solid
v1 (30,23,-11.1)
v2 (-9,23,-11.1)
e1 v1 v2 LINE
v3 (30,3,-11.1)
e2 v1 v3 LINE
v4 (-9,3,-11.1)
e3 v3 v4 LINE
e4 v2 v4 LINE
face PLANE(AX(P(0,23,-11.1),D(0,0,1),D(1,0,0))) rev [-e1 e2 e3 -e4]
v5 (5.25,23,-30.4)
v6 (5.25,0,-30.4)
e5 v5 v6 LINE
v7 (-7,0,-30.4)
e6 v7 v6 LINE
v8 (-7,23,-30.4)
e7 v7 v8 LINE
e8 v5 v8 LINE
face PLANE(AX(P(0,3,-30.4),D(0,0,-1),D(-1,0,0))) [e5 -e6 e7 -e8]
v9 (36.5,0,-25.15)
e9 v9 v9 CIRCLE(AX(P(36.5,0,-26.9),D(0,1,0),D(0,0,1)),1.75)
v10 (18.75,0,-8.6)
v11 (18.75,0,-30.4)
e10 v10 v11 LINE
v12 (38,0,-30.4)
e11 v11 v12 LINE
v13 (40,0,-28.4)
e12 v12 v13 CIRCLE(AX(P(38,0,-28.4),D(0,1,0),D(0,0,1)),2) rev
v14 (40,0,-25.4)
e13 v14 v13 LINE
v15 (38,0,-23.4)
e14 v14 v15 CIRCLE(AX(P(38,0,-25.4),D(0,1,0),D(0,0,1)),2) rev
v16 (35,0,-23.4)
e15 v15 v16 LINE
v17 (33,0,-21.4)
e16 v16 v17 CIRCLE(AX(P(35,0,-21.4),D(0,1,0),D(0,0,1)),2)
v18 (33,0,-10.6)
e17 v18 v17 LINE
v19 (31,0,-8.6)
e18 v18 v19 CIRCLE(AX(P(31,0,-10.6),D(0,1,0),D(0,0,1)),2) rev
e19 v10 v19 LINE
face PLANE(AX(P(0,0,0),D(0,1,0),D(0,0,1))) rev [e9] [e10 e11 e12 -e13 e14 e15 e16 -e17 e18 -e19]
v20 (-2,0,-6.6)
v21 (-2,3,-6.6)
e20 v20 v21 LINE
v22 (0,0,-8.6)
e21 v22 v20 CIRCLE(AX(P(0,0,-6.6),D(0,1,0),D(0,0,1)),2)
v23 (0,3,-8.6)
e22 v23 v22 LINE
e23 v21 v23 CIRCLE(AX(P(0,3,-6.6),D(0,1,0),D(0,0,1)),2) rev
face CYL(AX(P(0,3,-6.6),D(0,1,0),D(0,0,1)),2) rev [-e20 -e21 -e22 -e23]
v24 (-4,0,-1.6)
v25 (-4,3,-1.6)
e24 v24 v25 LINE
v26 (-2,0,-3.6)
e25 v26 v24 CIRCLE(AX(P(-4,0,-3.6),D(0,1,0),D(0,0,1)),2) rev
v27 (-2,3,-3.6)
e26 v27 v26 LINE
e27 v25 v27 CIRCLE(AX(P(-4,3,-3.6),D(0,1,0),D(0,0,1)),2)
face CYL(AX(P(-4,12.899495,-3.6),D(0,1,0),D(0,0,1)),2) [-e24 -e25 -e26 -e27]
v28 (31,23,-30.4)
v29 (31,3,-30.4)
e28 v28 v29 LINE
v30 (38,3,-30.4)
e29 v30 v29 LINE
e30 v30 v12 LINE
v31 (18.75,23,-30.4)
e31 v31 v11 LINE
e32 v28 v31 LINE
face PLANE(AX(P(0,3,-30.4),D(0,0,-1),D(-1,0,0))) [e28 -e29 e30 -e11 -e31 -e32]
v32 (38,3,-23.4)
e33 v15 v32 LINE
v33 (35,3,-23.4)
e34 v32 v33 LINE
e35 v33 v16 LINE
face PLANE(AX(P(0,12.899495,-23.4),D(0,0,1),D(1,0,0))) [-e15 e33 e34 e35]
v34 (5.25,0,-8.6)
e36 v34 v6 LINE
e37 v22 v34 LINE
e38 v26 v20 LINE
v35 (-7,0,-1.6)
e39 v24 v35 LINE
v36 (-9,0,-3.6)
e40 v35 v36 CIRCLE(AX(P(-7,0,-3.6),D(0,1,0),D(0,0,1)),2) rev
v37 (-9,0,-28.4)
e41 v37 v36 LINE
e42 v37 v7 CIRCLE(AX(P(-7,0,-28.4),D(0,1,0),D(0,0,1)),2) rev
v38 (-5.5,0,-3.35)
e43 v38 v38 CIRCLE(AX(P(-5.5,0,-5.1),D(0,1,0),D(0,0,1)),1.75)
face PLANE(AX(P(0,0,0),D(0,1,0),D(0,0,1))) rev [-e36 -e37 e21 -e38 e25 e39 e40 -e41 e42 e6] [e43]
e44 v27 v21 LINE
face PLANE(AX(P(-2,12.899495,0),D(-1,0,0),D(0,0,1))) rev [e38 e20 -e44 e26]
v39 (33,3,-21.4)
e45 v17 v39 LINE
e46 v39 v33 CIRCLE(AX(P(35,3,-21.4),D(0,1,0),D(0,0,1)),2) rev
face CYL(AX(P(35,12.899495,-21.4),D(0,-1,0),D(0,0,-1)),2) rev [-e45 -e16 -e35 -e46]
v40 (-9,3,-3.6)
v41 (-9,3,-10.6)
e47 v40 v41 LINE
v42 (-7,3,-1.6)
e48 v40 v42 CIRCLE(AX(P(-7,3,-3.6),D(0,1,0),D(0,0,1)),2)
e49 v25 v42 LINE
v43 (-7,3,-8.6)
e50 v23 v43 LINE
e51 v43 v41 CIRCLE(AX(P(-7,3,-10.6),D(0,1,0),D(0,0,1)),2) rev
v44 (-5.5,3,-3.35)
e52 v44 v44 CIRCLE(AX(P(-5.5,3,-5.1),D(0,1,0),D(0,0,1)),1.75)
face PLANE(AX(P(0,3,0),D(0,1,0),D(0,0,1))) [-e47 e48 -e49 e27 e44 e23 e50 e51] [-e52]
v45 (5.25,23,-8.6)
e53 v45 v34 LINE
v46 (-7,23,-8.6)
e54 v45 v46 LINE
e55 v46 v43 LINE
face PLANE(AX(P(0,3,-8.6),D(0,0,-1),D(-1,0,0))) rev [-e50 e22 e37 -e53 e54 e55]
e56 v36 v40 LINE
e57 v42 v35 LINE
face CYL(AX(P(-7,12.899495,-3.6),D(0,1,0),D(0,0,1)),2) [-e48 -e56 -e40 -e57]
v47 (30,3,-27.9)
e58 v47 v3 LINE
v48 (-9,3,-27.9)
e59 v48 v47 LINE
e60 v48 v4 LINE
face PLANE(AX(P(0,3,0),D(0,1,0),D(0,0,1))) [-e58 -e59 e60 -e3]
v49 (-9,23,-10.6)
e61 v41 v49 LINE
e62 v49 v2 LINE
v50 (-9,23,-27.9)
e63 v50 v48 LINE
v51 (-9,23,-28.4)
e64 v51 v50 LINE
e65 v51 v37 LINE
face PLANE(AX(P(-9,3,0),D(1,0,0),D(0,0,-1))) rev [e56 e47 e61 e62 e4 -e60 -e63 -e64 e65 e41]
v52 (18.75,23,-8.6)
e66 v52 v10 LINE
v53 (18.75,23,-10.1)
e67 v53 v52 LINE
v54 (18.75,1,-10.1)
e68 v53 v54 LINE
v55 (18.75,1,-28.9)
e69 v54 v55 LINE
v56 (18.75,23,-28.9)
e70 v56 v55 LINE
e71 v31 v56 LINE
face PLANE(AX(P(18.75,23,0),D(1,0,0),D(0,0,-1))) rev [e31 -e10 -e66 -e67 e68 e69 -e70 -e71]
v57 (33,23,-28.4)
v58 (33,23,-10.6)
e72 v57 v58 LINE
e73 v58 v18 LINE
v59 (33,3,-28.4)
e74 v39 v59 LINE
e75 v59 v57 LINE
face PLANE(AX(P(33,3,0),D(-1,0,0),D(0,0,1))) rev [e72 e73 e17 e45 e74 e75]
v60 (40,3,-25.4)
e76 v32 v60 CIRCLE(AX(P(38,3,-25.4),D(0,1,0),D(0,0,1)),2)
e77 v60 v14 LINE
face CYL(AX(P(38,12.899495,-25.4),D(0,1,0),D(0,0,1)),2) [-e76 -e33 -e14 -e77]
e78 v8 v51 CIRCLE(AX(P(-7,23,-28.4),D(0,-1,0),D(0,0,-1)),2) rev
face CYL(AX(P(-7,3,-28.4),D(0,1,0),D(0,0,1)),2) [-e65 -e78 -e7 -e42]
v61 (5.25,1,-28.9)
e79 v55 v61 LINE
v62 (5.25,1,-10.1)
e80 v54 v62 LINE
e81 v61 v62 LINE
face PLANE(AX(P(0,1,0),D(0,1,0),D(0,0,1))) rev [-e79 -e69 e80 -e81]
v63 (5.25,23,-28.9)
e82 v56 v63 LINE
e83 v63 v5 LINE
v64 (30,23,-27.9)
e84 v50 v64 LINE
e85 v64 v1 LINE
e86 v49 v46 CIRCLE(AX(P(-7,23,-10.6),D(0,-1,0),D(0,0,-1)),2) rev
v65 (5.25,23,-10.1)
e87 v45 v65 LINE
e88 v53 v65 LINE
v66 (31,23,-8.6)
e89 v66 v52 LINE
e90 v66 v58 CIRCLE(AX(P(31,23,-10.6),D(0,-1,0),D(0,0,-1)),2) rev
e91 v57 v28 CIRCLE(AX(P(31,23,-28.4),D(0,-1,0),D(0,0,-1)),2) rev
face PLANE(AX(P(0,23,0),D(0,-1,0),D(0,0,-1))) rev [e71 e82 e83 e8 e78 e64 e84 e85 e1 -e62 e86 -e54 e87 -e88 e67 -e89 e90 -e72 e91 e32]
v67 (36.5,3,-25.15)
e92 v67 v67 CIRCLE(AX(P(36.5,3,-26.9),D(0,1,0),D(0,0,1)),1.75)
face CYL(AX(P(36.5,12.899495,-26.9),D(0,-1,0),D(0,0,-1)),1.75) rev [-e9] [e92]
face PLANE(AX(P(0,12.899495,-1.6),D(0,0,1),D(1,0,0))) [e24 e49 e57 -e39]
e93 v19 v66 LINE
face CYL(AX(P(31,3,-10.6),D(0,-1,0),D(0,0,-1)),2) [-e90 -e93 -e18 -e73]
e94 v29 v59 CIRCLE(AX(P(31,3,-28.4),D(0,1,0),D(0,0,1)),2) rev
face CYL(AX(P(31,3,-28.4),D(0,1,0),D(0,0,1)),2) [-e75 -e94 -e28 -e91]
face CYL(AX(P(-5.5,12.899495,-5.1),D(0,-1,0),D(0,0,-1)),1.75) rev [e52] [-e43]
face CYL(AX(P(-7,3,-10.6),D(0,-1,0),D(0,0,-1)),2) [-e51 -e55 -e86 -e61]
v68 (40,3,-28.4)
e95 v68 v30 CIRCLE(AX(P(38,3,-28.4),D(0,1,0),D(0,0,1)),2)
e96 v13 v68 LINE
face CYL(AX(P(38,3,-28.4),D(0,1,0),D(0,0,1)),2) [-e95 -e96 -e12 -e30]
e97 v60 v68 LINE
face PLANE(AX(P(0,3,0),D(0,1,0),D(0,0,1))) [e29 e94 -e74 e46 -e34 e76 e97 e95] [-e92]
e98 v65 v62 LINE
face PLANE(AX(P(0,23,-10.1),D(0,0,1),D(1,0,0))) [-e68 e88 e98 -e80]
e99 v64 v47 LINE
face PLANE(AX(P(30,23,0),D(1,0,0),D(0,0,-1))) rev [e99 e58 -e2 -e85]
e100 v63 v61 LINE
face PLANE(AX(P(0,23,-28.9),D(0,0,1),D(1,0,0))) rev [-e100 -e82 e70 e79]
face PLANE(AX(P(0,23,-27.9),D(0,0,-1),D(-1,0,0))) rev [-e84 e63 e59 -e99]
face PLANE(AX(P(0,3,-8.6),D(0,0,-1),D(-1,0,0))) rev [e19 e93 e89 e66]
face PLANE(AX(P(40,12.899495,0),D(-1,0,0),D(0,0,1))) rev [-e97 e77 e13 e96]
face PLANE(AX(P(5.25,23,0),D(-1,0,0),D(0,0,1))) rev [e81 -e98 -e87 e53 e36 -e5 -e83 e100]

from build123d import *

# Parameters (mm, degrees)
SKETCH1_W               = 3.5
SKETCH1_H               = 1
SKETCH1_H_2             = 1.5
SKETCH1_W_2             = 13.5
SKETCH1_W_3             = 11.25
SKETCH1_H_3             = 16.8
BOSS_EXTRUDE1_DEPTH     = 3
BOSS_EXTRUDE2_START     = 3
SKETCH1_5_W             = 3.5
SKETCH1_5_H             = 1
SKETCH1_5_H_2           = 1.5
SKETCH1_5_W_2           = 13.5
BOSS_EXTRUDE2_DEPTH     = 20
SKETCH1_7_W             = 13.5
SKETCH1_7_H             = 1.5
CUT_EXTRUDE1_DEPTH      = 24
CUT_EXTRUDE1_DEPTH_BACK = 1
SKETCH1_8_W             = 13.5
SKETCH1_8_H             = 16.8
SKETCH1_8_H_2           = 1.5
SKETCH1_8_H_3           = 1
CUT_EXTRUDE2_DEPTH      = 1
SKETCH2_W               = 7
SKETCH2_H               = 7
SKETCH2_R               = 1.75
BOSS_EXTRUDE3_DEPTH     = 3
FILLET1_R               = 2


with BuildPart() as part:
    # Sketch1 → Boss-Extrude1 (new body)
    with BuildSketch(Plane(origin=(0, 0, 0), x_dir=(1, 0, 0), z_dir=(0, 1, 0))):
        Polygon((-5.5, 11.1), (5.25, 11.1), (5.25, 27.9), (-9, 27.9), (-9, 11.1), align=None)
        Polygon((-9, 27.9), (5.25, 27.9), (5.25, 28.9), (5.25, 30.4), (-2, 30.4), (-9, 30.4), align=None)
        Polygon((-5.5, 8.6), (5.25, 8.6), (5.25, 10.1), (5.25, 11.1), (-5.5, 11.1), (-5.5, 9.6), align=None)
        with Locations((-7.25, 9.1)):
            Rectangle(SKETCH1_W, SKETCH1_H)
        with Locations((-7.25, 10.35)):
            Rectangle(SKETCH1_W, SKETCH1_H_2)
        with Locations((12, 10.6)):
            Rectangle(SKETCH1_W_2, SKETCH1_H)
        with Locations((12, 9.35)):
            Rectangle(SKETCH1_W_2, SKETCH1_H_2)
        Polygon((18.75, 10.1), (18.75, 8.6), (30, 8.6), (33, 8.6), (33, 11.1), (30, 11.1), (18.75, 11.1), align=None)
        Polygon((30, 11.1), (33, 11.1), (33, 30.4), (18.75, 30.4), (18.75, 28.9), (18.75, 27.9), (30, 27.9), align=None)
        with Locations((12, 28.4)):
            Rectangle(SKETCH1_W_2, SKETCH1_H)
        with Locations((12, 29.65)):
            Rectangle(SKETCH1_W_2, SKETCH1_H_2)
        with Locations((24.375, 19.5)):
            Rectangle(SKETCH1_W_3, SKETCH1_H_3)
        with Locations((12, 19.5)):
            Rectangle(SKETCH1_W_2, SKETCH1_H_3)
    extrude(amount=BOSS_EXTRUDE1_DEPTH)

    # Sketch1<5> → Boss-Extrude2 (add)
    with BuildSketch(Plane(origin=(0, 0, 0), x_dir=(1, 0, 0), z_dir=(0, 1, 0)).offset(BOSS_EXTRUDE2_START)):
        Polygon((-9, 27.9), (5.25, 27.9), (5.25, 28.9), (5.25, 30.4), (-2, 30.4), (-9, 30.4), align=None)
        Polygon((-5.5, 8.6), (5.25, 8.6), (5.25, 10.1), (5.25, 11.1), (-5.5, 11.1), (-5.5, 9.6), align=None)
        with Locations((-7.25, 9.1)):
            Rectangle(SKETCH1_5_W, SKETCH1_5_H)
        with Locations((-7.25, 10.35)):
            Rectangle(SKETCH1_5_W, SKETCH1_5_H_2)
        Polygon((18.75, 10.1), (18.75, 8.6), (30, 8.6), (33, 8.6), (33, 11.1), (30, 11.1), (18.75, 11.1), align=None)
        with Locations((12, 10.6)):
            Rectangle(SKETCH1_5_W_2, SKETCH1_5_H)
        Polygon((30, 11.1), (33, 11.1), (33, 30.4), (18.75, 30.4), (18.75, 28.9), (18.75, 27.9), (30, 27.9), align=None)
        with Locations((12, 28.4)):
            Rectangle(SKETCH1_5_W_2, SKETCH1_5_H)
    extrude(amount=BOSS_EXTRUDE2_DEPTH)

    # Sketch1<7> → Cut-Extrude1 (cut, two sides)
    with BuildSketch(Plane(origin=(0, 0, 0), x_dir=(1, 0, 0), z_dir=(0, 1, 0))) as cut_extrude1_sk:
        with Locations((12, 29.65)):
            Rectangle(SKETCH1_7_W, SKETCH1_7_H)
        with Locations((12, 9.35)):
            Rectangle(SKETCH1_7_W, SKETCH1_7_H)
    extrude(amount=CUT_EXTRUDE1_DEPTH, mode=Mode.SUBTRACT)
    extrude(cut_extrude1_sk.sketch, amount=-CUT_EXTRUDE1_DEPTH_BACK, mode=Mode.SUBTRACT)

    # Sketch1<8> → Cut-Extrude2 (cut)
    with BuildSketch(Plane(origin=(0, 0, 0), x_dir=(1, 0, 0), z_dir=(0, 1, 0))):
        with Locations((12, 19.5)):
            Rectangle(SKETCH1_8_W, SKETCH1_8_H)
        with Locations((12, 29.65)):
            Rectangle(SKETCH1_8_W, SKETCH1_8_H_2)
        with Locations((12, 28.4)):
            Rectangle(SKETCH1_8_W, SKETCH1_8_H_3)
        with Locations((12, 9.35)):
            Rectangle(SKETCH1_8_W, SKETCH1_8_H_2)
        with Locations((12, 10.6)):
            Rectangle(SKETCH1_8_W, SKETCH1_8_H_3)
    extrude(amount=CUT_EXTRUDE2_DEPTH, mode=Mode.SUBTRACT)

    # Sketch2 → Boss-Extrude3 (add)
    with BuildSketch(Plane(origin=(0, 0, 0), x_dir=(-1, 0, 0), z_dir=(0, 1, 0))):
        with Locations((5.5, -5.1)):
            Rectangle(SKETCH2_W, SKETCH2_H)
        with Locations((5.5, -5.1)):
            Circle(SKETCH2_R, mode=Mode.SUBTRACT)
        with Locations((-36.5, -26.9)):
            Rectangle(SKETCH2_W, SKETCH2_H)
        with Locations((-36.5, -26.9)):
            Circle(SKETCH2_R, mode=Mode.SUBTRACT)
    extrude(amount=BOSS_EXTRUDE3_DEPTH)

    # Fillet1
    fillet1_edges = [part.edges().sort_by_distance(p)[0] for p in [
        (33, 11.5, -8.6),
        (-9, 13, -8.6),
        (-9, 11.5, -30.4),
        (33, 13, -30.4),
        (-9, 1.5, -1.6),
        (-2, 1.5, -1.6),
        (-2, 1.5, -8.6),
        (33, 1.5, -23.4),
        (40, 1.5, -23.4),
        (40, 1.5, -30.4),
    ]]
    fillet(fillet1_edges, radius=FILLET1_R)


solid = part.part
